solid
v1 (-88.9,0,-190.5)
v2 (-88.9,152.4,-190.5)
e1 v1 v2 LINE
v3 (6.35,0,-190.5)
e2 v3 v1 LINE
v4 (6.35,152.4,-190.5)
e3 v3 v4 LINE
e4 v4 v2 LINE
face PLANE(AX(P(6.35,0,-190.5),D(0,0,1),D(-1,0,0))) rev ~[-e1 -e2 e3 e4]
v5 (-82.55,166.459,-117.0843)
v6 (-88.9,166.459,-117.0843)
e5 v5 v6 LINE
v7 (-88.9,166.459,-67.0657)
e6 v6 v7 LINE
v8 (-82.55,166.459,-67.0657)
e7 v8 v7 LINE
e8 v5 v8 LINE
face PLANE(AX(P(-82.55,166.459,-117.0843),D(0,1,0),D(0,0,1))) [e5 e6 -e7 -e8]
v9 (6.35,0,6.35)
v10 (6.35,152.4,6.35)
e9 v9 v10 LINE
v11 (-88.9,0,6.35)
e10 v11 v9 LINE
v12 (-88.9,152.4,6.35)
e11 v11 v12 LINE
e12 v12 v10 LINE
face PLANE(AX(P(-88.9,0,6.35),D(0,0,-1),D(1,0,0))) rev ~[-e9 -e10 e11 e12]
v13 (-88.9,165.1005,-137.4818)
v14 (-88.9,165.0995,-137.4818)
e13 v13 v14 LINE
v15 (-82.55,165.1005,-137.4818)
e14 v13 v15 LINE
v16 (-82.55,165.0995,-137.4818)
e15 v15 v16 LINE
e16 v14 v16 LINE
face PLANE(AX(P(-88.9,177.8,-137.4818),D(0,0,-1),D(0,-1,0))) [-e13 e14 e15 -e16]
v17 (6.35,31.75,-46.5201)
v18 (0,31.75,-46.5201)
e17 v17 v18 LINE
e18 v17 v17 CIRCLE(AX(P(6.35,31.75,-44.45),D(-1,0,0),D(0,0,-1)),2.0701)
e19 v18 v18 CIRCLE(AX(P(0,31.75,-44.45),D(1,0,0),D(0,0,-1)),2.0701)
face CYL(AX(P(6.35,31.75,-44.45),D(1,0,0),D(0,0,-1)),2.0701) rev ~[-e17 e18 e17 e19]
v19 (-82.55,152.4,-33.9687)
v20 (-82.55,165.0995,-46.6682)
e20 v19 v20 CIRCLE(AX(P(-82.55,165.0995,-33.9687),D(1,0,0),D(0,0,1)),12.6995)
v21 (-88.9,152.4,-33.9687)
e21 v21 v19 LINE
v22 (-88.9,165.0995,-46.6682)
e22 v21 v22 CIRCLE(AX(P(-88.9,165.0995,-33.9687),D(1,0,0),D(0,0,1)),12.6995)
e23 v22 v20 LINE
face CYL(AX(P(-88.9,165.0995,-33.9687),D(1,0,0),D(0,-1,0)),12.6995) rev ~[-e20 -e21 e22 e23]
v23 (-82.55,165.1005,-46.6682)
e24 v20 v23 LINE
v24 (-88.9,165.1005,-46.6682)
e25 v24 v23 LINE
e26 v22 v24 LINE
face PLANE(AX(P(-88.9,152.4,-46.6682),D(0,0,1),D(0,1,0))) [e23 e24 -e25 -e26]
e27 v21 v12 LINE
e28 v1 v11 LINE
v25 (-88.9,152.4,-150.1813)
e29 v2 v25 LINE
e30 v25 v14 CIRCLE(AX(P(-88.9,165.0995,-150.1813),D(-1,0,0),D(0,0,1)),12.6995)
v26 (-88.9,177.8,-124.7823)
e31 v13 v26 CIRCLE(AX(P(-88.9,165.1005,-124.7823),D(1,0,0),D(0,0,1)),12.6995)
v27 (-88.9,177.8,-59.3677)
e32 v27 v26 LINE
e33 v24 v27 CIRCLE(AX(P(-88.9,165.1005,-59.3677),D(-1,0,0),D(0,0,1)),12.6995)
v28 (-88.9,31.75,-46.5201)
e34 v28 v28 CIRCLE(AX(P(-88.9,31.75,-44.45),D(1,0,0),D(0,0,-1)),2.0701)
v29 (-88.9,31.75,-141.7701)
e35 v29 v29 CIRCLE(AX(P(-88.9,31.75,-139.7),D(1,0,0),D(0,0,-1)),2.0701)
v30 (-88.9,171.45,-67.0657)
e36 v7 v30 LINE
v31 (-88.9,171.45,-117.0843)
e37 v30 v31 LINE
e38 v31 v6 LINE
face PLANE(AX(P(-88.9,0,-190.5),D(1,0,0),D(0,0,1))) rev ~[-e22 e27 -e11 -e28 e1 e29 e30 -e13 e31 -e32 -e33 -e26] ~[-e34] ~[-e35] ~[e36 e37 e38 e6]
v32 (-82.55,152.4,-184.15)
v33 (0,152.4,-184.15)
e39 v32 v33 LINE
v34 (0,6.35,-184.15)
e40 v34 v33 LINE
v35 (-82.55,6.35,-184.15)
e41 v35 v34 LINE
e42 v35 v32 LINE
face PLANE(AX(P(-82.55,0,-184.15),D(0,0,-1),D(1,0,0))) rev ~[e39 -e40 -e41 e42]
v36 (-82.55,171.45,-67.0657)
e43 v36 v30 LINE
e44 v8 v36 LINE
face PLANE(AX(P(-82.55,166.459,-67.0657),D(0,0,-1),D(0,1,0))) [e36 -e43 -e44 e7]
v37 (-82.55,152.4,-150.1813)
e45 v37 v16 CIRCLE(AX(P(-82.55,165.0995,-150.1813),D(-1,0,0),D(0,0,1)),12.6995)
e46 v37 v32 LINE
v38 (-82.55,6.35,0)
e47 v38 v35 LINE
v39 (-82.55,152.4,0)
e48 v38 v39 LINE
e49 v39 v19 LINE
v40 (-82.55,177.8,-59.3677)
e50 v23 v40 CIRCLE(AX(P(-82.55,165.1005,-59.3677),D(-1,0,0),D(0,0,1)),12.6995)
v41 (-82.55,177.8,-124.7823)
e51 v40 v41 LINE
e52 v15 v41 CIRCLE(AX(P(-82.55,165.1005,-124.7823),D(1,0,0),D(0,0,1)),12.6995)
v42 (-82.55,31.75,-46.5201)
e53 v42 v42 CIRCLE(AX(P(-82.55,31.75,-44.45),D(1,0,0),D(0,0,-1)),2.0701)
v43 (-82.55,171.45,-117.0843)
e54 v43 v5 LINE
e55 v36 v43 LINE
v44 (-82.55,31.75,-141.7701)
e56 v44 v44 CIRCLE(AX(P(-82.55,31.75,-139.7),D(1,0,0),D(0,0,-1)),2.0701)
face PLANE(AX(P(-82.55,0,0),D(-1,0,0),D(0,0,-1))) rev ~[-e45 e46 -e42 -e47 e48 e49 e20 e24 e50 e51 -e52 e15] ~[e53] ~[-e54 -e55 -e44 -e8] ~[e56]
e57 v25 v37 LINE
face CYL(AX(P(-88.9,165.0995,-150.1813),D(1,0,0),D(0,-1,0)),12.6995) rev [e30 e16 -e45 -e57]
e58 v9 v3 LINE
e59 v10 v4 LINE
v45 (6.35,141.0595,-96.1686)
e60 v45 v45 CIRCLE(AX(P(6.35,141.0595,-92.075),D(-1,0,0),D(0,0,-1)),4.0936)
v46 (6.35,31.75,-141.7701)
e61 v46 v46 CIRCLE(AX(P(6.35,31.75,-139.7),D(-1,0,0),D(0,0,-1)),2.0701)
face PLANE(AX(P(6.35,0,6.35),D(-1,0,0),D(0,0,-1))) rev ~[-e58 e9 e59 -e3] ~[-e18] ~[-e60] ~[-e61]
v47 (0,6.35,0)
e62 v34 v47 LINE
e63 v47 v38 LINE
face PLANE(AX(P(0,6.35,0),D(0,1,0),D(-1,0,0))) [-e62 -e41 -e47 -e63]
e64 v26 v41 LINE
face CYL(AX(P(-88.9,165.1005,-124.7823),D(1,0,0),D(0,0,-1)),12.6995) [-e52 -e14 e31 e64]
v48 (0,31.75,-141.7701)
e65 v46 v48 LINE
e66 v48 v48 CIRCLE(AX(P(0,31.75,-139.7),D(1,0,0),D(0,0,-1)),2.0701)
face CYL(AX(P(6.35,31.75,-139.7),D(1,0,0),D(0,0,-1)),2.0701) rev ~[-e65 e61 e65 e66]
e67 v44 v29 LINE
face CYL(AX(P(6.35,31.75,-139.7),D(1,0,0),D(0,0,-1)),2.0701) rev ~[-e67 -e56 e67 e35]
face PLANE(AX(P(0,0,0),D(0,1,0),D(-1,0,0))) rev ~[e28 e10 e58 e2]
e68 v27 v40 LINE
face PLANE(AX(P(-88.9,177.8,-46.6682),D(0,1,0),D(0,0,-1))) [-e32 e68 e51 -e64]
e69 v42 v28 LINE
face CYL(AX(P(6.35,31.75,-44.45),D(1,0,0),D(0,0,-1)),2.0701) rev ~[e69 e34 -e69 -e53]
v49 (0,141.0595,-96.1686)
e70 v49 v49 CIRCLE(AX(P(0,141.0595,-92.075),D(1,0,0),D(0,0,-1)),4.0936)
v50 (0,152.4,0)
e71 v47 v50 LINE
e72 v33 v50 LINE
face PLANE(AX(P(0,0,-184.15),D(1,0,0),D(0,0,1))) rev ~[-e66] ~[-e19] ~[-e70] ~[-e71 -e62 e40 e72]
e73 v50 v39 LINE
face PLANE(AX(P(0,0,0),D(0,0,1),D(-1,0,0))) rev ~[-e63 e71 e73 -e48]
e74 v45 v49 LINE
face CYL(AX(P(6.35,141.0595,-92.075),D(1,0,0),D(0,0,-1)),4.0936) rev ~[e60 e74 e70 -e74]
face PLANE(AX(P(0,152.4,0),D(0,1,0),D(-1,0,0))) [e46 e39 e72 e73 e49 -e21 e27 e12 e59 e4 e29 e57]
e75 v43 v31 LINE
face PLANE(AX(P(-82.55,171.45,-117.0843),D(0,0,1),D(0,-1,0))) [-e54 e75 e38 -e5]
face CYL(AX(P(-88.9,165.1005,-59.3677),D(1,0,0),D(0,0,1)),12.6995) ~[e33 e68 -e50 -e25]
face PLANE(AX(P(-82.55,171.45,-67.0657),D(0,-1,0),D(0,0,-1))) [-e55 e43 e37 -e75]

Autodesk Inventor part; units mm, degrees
ref_plane "YZ Plane" through (0, 0, 0) normal (1, 0, 0) x (0, 1, 0)
ref_plane "XZ Plane" through (0, 0, 0) normal (0, 1, 0) x (-1, 0, 0)
ref_plane "XY Plane" through (0, 0, 0) normal (0, 0, 1) x (1, 0, 0)
sketch "Sketch1" plane through (0, 0, 0) normal (0, 1, 0) x (-1, 0, 0)
  line L0 (0, 0) -> (82.55, 0)
  line L1 (82.55, 0) -> (82.55, -184.15)
  line L2 (82.55, -184.15) -> (0, -184.15)
  line L3 (0, -184.15) -> (0, 0)
  line L4 (88.9, -190.5) -> (88.9, 6.35)
  line L5 (88.9, 6.35) -> (-6.35, 6.35)
  line L6 (-6.35, 6.35) -> (-6.35, -190.5)
  line L7 (-6.35, -190.5) -> (88.9, -190.5)
  dimension "d0" = 184.15
  dimension "d1" = 82.55
  dimension "d2" = 6.35
extrude "Extrusion1" add sketch "Sketch1" along normal blind 6.35 contours L0 L1 L2 L3
extrude "Extrusion2" add sketch "Sketch1" along normal blind 152.4
sketch "Sketch2" plane through (-88.9, 0, -190.5) normal (-1, 0, 0) x (0, 0, 1)
  line L0 (53.0182, 127) -> (143.8318, 127)
  line L1 (143.8318, 127) -> (143.8318, 177.8)
  line L2 (143.8318, 177.8) -> (53.0182, 177.8)
  line L3 (53.0182, 177.8) -> (53.0182, 127)
  line L4 (190.5, 152.4) -> (6.35, 152.4) projected
  line L5 (53.0182, 127) -> (143.8318, 177.8) construction
  line L6 (143.8318, 127) -> (53.0182, 177.8) construction
  point P0 (190.5, 0)
  point P1 (98.425, 152.4)
  point P2 (53.0182, 152.4)
  point P3 (143.8318, 152.4)
  dimension "d14" = 25.4
extrude "Extrusion3" add sketch "Sketch2" against normal blind 6.35 contours L3 L2 L1 L4
fillet "Fillet1" radius 12.7 4 edges at (-85.725, 177.8, -46.6682) (-85.725, 152.4, -46.6682) (-85.725, 177.8, -137.4818) (-85.725, 152.4, -137.4818)
sketch "Sketch3" plane through (-82.55, 6.35, 0) normal (1, 0, 0) x (0, 0, -1)
  line L0 (124.7818, 171.45) -> (59.3682, 171.45) projected
  line L1 (92.075, 171.45) -> (92.075, 193.6256)
  line L2 (67.0657, 165.1) -> (117.0843, 165.1)
  line L3 (117.0843, 165.1) -> (117.0843, 160.109)
  line L4 (117.0843, 160.109) -> (67.0657, 160.109)
  line L5 (67.0657, 160.109) -> (67.0657, 165.1)
  line L6 (67.0657, 165.1) -> (117.0843, 160.109) construction
  line L7 (117.0843, 165.1) -> (67.0657, 160.109) construction
  point P0 (0, -6.35)
  point P1 (92.075, 162.6045)
  dimension "d15" = 6.35
extrude "Extrusion4" cut sketch "Sketch3" against normal blind 6.35
sketch "Sketch4" plane through (6.35, 0, 6.35) normal (1, 0, 0) x (0, 0, -1)
  line L0 (0, 152.4) -> (196.85, 152.4) projected
  line L1 (98.425, 152.4) -> (98.425, 129.719)
  circle A0 centre (98.425, 141.0595) radius 4.0936
  point P0 (6.35, 0)
extrude "Extrusion5" cut sketch "Sketch4" against normal up to surface (6.35 mm away)
sketch "Sketch5" plane through (6.35, 0, 6.35) normal (1, 0, 0) x (0, 0, -1)
  line L0 (196.85, 0) -> (196.85, 152.4) projected
  line L1 (0, 0) -> (196.85, 0)
  line L2 (196.85, 0) -> (196.85, 31.75)
  line L3 (196.85, 31.75) -> (0, 31.75)
  line L4 (0, 31.75) -> (0, 0)
  line L5 (0, 31.75) -> (62.6052, 31.75)
  line L6 (0, 31.75) -> (50.8, 31.75)
  line L7 (196.85, 31.75) -> (146.05, 31.75)
  circle A0 centre (50.8, 31.75) radius 2.0701
  circle A1 centre (146.05, 31.75) radius 2.0701
  point P0 (6.35, 0)
  dimension "d16" = 31.75
  dimension "d17" = 50.8
  dimension "d18" = 50.8
  dimension "d19" = 4.1402
  dimension "d20" = 4.1402
extrude "Extrusion6" cut sketch "Sketch5" against normal through all contours A1 L3 | L3 A1 | A0 L3 | L3 A0
properties material "Polycarbonate, Clear"
